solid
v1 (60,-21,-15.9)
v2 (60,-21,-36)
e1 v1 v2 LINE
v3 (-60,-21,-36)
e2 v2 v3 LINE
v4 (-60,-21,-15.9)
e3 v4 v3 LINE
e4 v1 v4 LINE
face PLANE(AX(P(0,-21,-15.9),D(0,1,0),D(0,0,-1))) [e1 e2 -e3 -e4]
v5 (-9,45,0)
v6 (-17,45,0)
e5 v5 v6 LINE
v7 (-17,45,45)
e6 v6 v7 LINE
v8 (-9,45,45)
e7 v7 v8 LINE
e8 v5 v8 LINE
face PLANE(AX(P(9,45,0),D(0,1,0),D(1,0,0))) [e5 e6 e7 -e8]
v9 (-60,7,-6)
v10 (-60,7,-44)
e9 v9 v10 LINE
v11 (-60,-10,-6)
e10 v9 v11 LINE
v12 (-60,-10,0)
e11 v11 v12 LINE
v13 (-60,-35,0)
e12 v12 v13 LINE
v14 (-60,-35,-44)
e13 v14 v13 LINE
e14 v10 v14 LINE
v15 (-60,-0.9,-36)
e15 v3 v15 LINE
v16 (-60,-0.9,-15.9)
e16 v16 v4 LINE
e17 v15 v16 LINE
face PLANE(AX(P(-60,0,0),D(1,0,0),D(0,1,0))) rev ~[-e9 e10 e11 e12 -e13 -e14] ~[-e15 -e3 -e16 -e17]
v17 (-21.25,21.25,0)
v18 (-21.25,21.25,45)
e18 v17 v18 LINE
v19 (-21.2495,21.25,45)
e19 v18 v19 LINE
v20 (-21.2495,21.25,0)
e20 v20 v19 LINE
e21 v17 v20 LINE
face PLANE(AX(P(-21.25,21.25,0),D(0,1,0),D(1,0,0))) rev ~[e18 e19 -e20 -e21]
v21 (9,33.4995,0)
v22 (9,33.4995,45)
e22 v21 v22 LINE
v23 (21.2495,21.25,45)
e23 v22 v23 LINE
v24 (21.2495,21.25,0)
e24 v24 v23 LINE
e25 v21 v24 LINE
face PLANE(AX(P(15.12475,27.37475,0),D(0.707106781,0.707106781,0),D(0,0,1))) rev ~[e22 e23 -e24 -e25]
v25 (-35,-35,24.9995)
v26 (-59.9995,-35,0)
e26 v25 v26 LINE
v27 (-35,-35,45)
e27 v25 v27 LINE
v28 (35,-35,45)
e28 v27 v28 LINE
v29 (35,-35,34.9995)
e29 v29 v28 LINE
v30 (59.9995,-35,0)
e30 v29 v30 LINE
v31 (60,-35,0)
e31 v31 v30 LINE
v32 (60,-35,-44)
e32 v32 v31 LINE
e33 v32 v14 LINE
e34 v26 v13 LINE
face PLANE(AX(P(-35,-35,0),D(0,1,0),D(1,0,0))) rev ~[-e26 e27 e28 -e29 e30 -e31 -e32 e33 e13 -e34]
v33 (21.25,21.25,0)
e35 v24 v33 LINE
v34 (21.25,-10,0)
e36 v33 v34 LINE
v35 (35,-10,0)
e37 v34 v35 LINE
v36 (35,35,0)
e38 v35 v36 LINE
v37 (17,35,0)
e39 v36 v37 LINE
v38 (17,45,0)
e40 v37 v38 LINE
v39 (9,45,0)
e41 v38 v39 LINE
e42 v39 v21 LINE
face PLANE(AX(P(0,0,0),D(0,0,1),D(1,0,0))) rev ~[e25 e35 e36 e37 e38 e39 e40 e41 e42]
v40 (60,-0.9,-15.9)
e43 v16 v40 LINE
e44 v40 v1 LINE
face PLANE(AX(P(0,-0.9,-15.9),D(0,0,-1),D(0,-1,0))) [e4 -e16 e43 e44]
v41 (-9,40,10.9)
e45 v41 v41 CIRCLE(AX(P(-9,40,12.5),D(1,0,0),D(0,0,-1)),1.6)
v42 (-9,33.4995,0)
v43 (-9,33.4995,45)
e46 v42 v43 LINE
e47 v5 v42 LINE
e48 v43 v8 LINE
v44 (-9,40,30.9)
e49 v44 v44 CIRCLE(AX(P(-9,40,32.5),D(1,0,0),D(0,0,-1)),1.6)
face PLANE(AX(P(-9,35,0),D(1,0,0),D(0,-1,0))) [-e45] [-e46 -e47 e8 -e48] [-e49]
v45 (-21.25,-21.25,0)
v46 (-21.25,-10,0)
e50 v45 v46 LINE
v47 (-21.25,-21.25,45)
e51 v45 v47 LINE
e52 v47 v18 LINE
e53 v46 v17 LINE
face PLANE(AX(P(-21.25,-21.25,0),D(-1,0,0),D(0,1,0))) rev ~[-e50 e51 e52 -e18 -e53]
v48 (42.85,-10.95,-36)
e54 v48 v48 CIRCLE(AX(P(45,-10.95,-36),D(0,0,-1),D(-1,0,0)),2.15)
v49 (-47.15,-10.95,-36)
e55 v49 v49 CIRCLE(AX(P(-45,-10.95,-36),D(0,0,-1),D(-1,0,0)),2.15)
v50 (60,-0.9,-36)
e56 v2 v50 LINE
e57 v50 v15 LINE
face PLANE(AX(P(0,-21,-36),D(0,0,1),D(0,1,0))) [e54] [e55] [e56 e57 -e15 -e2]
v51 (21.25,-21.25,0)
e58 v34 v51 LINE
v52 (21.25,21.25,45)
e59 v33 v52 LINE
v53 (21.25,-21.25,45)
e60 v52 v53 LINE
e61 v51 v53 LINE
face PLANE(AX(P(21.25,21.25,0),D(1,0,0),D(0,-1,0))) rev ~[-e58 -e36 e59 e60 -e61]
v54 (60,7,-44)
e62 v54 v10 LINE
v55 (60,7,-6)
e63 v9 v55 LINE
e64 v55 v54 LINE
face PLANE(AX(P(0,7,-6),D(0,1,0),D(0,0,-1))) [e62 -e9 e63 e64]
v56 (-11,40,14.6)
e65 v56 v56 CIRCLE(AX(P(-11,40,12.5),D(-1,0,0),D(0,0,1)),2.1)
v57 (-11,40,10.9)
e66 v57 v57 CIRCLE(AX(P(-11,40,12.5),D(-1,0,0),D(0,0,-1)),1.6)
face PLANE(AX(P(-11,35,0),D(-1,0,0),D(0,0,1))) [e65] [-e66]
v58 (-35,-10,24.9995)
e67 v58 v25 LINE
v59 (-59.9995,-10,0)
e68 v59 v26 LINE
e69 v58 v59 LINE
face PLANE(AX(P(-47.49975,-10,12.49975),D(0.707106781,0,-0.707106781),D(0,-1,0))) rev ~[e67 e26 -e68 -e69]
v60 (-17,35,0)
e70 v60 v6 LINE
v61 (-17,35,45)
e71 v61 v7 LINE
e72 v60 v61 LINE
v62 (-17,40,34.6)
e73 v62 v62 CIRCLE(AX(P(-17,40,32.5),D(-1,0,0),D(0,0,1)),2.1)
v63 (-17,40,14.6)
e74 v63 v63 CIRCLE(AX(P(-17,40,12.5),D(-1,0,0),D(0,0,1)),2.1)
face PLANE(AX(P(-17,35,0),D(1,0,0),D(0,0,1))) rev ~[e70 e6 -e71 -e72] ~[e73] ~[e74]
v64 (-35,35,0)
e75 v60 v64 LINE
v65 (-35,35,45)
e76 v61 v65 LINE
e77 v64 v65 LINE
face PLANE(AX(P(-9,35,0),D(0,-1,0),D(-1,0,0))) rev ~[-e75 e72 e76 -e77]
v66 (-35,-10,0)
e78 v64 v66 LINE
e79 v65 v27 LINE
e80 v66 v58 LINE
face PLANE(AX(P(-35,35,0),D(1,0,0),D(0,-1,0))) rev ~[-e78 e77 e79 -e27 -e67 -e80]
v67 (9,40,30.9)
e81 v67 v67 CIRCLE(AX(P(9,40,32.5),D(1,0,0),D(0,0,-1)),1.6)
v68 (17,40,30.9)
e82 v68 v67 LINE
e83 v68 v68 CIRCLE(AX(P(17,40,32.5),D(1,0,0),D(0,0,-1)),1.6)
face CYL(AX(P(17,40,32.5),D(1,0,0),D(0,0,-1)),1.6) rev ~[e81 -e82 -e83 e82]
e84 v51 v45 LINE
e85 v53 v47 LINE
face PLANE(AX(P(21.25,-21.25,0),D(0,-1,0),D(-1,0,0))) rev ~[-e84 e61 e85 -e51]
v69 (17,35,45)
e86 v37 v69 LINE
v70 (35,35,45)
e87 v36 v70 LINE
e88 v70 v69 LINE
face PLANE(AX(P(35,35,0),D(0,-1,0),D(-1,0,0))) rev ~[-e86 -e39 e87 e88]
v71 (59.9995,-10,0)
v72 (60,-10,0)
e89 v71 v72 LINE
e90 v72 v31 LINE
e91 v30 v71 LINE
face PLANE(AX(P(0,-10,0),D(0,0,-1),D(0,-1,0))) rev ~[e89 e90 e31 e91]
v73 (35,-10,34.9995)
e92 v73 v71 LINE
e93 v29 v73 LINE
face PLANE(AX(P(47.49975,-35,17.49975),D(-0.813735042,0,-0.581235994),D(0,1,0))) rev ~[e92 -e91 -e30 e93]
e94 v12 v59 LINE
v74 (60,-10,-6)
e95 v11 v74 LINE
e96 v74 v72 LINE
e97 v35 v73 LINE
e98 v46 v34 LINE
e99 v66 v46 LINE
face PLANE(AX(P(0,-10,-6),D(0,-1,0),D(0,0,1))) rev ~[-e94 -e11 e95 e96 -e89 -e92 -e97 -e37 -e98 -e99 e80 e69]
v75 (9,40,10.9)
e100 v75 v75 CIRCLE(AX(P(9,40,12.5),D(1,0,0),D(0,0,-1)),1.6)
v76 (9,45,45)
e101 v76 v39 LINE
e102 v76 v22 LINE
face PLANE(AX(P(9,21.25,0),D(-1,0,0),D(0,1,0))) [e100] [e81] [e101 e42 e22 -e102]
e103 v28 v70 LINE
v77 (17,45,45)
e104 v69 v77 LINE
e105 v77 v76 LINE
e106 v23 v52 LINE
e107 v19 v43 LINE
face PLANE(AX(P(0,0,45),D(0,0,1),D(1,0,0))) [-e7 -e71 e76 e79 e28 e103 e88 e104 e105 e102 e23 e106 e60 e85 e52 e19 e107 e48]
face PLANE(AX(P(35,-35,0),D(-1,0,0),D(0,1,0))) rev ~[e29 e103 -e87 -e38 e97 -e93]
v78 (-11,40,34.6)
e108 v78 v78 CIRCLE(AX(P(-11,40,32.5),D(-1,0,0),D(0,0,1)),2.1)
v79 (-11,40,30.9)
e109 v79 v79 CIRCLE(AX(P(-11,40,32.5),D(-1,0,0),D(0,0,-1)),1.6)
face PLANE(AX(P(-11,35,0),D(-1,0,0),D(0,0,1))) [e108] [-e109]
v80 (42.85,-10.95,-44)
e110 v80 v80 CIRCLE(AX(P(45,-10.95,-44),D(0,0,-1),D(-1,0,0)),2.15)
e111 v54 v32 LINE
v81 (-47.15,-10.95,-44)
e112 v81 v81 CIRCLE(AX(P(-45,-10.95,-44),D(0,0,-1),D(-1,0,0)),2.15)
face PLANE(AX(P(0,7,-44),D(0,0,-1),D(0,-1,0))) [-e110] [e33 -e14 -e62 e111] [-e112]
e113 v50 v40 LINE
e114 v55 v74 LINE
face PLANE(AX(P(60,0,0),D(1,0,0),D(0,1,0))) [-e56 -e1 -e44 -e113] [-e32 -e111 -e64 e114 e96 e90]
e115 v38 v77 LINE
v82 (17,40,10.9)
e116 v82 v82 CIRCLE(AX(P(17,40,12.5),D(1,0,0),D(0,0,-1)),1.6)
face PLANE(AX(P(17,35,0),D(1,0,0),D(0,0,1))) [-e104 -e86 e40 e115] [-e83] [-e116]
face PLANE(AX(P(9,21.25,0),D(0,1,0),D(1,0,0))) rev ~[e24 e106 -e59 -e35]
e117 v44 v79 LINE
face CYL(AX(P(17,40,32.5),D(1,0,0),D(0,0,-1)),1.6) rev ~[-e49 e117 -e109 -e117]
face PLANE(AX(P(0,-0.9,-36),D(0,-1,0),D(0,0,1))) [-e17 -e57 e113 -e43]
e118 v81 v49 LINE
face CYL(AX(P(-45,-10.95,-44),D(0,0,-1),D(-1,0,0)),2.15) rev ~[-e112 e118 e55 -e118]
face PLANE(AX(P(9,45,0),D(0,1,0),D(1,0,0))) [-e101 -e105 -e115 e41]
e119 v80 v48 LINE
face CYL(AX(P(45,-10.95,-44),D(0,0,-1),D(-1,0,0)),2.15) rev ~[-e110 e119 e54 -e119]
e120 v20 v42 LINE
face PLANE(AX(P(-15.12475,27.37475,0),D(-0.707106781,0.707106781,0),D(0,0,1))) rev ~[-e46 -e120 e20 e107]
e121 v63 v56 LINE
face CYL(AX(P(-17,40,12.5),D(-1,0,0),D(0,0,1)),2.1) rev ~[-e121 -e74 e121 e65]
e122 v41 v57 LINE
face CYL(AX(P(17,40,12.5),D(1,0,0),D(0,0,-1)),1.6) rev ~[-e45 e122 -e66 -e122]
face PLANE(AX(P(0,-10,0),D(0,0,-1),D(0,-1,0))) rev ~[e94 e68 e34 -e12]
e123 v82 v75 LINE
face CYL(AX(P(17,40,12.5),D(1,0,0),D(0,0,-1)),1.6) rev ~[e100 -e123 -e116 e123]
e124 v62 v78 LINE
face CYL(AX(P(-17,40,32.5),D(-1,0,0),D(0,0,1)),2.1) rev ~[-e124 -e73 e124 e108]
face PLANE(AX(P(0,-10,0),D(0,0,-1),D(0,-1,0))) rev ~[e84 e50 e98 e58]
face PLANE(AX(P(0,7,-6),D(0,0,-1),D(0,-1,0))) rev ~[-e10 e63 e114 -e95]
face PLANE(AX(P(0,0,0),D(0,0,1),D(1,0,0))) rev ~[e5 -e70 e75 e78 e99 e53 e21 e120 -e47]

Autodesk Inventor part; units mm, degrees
ref_plane "YZ Plane" through (0, 0, 0) normal (1, 0, 0) x (0, 1, 0)
ref_plane "XZ Plane" through (0, 0, 0) normal (0, 1, 0) x (-1, 0, 0)
ref_plane "XY Plane" through (0, 0, 0) normal (0, 0, 1) x (1, 0, 0)
sketch "Sketch1" plane through (0, 0, 0) normal (0, 0, 1) x (1, 0, 0)
  line L0 (-21.25, 21.25) -> (21.25, 21.25)
  line L1 (21.25, 21.25) -> (21.25, -21.25)
  line L2 (21.25, -21.25) -> (-21.25, -21.25)
  line L3 (-21.25, -21.25) -> (-21.25, 21.25)
  line L4 (-35, -35) -> (35, -35)
  line L5 (35, -35) -> (35, 35)
  line L6 (35, 35) -> (-35, 35)
  line L7 (-35, 35) -> (-35, -35)
  line L8 (-9, 35) -> (-9, 21.25)
  line L9 (9, 21.25) -> (9, 35)
  point P0 (0, 0)
  point P1 (-21.25, 0)
  point P2 (0, 21.25)
  point P3 (-35, 0)
  point P4 (0, 35)
  dimension "d0" = 42.5
  dimension "d1" = 9
  dimension "d3" = 70
  dimension "d17" = 18
extrude "Extrusion1" add sketch "Sketch1" along normal blind 45 contours L3 L2 L1 L0 L9 L6 L5 L4 L7 L8
sketch "Sketch4" plane through (0, 0, 0) normal (1, 0, 0) x (0, 1, 0)
  line L0 (-0.9, -15.9) -> (-21, -15.9)
  line L1 (-21, -15.9) -> (-21, -36)
  line L2 (-21, -36) -> (-0.9, -36)
  line L3 (-0.9, -36) -> (-0.9, -15.9)
  line L4 (-35, 0) -> (-35, 45) projected
  line L5 (7, -6) -> (7, -44)
  line L6 (7, -44) -> (-35, -44)
  line L7 (-35, -44) -> (-35, 0)
  line L8 (7, -6) -> (-10, -6)
  line L9 (-10, -6) -> (-10, 0)
  line L10 (-10, 0) -> (-35, 0)
  point P0 (0, 0)
  dimension "d18" = 20.1
  dimension "d20" = 14
  dimension "d21" = 42
  dimension "d22" = 38
  dimension "d30" = 8
  dimension "d31" = 6
  dimension "d32" = 25
extrude "Extrusion5" add sketch "Sketch4" along normal mid plane 120
sketch "Sketch5" plane through (60, 7, -44) normal (0, 0, -1) x (-1, 0, 0)
  circle A0 centre (15, -17.95) radius 2.15
  circle A1 centre (105, -17.95) radius 2.15
  line L0 (120, -7.9) -> (120, -7.9) projected
  line L1 (120, 0) -> (120, -42) projected
  line L2 (0, -42) -> (0, 0) projected
  line L3 (120, -28) -> (120, -7.9) projected
  point P0 (60, -7)
  point P1 (120, -21)
  point P2 (120, -17.95)
  dimension "d27" = 4.3
  dimension "d58" = 15
  dimension "d59" = 15
extrude "Extrusion6" cut sketch "Sketch5" against normal blind 18
sketch "Sketch6" plane through (9, 35, 0) normal (0, 1, 0) x (1, 0, 0)
  line L0 (26, 0) -> (0, 0) projected
  line L1 (0, 0) -> (8, 0)
  line L2 (8, 0) -> (8, -45)
  line L3 (8, -45) -> (0, -45)
  line L4 (0, -45) -> (0, 0)
  line L5 (-18, 0) -> (-18, -45) projected
  line L6 (-18, 0) -> (-26, 0)
  line L7 (-26, 0) -> (-26, -45)
  line L8 (-26, -45) -> (-18, -45)
  line L9 (-18, -45) -> (-18, 0)
  line L10 (26, -45) -> (0, -45) projected
  point P0 (-9, 0)
  dimension "d39" = 8
extrude "Extrusion7" add sketch "Sketch6" along normal blind 10
sketch "Sketch7" plane through (17, 35, 45) normal (1, 0, 0) x (0, 0, -1)
  circle A0 centre (12.5, 5) radius 1.6
  circle A1 centre (32.5, 5) radius 1.6
  line L0 (45, 10) -> (0, 10) projected
  point P0 (45, -35)
  point P1 (22.5, 10)
  dimension "d42" = 20
  dimension "d43" = 10
  dimension "d44" = 5
  dimension "d45" = 3.2
extrude "Extrusion8" cut sketch "Sketch7" against normal through all
sketch "Sketch8" plane through (-17, 35, 0) normal (-1, 0, 0) x (0, 0, 1)
  circle A0 centre (12.5, 5) radius 1.6 projected
  circle A1 centre (32.5, 5) radius 1.6 projected
  circle A2 centre (12.5, 5) radius 2.1
  circle A3 centre (32.5, 5) radius 2.1
  point P0 (0, -35)
  dimension "d48" = 4.2
extrude "Extrusion9" cut sketch "Sketch8" against normal blind 6
chamfer "Chamfer1" distance 25 angle 45 1 edges at (-35, -22.5, 0)
chamfer "Chamfer2" distance 35 distance2 25 1 edges at (35, -22.5, 0) measured on face at (35, -3.3333, 30)
chamfer "Chamfer3" distance 12.25 angle 45 2 edges at (-9, 21.25, 22.5) (9, 21.25, 22.5)
equation "\"d1\" = 0.5 * d17"
equation "\"d59\" = d58"
equation "\"d43\" = 0.5 * d42"
properties part number "Motorhalterig"
